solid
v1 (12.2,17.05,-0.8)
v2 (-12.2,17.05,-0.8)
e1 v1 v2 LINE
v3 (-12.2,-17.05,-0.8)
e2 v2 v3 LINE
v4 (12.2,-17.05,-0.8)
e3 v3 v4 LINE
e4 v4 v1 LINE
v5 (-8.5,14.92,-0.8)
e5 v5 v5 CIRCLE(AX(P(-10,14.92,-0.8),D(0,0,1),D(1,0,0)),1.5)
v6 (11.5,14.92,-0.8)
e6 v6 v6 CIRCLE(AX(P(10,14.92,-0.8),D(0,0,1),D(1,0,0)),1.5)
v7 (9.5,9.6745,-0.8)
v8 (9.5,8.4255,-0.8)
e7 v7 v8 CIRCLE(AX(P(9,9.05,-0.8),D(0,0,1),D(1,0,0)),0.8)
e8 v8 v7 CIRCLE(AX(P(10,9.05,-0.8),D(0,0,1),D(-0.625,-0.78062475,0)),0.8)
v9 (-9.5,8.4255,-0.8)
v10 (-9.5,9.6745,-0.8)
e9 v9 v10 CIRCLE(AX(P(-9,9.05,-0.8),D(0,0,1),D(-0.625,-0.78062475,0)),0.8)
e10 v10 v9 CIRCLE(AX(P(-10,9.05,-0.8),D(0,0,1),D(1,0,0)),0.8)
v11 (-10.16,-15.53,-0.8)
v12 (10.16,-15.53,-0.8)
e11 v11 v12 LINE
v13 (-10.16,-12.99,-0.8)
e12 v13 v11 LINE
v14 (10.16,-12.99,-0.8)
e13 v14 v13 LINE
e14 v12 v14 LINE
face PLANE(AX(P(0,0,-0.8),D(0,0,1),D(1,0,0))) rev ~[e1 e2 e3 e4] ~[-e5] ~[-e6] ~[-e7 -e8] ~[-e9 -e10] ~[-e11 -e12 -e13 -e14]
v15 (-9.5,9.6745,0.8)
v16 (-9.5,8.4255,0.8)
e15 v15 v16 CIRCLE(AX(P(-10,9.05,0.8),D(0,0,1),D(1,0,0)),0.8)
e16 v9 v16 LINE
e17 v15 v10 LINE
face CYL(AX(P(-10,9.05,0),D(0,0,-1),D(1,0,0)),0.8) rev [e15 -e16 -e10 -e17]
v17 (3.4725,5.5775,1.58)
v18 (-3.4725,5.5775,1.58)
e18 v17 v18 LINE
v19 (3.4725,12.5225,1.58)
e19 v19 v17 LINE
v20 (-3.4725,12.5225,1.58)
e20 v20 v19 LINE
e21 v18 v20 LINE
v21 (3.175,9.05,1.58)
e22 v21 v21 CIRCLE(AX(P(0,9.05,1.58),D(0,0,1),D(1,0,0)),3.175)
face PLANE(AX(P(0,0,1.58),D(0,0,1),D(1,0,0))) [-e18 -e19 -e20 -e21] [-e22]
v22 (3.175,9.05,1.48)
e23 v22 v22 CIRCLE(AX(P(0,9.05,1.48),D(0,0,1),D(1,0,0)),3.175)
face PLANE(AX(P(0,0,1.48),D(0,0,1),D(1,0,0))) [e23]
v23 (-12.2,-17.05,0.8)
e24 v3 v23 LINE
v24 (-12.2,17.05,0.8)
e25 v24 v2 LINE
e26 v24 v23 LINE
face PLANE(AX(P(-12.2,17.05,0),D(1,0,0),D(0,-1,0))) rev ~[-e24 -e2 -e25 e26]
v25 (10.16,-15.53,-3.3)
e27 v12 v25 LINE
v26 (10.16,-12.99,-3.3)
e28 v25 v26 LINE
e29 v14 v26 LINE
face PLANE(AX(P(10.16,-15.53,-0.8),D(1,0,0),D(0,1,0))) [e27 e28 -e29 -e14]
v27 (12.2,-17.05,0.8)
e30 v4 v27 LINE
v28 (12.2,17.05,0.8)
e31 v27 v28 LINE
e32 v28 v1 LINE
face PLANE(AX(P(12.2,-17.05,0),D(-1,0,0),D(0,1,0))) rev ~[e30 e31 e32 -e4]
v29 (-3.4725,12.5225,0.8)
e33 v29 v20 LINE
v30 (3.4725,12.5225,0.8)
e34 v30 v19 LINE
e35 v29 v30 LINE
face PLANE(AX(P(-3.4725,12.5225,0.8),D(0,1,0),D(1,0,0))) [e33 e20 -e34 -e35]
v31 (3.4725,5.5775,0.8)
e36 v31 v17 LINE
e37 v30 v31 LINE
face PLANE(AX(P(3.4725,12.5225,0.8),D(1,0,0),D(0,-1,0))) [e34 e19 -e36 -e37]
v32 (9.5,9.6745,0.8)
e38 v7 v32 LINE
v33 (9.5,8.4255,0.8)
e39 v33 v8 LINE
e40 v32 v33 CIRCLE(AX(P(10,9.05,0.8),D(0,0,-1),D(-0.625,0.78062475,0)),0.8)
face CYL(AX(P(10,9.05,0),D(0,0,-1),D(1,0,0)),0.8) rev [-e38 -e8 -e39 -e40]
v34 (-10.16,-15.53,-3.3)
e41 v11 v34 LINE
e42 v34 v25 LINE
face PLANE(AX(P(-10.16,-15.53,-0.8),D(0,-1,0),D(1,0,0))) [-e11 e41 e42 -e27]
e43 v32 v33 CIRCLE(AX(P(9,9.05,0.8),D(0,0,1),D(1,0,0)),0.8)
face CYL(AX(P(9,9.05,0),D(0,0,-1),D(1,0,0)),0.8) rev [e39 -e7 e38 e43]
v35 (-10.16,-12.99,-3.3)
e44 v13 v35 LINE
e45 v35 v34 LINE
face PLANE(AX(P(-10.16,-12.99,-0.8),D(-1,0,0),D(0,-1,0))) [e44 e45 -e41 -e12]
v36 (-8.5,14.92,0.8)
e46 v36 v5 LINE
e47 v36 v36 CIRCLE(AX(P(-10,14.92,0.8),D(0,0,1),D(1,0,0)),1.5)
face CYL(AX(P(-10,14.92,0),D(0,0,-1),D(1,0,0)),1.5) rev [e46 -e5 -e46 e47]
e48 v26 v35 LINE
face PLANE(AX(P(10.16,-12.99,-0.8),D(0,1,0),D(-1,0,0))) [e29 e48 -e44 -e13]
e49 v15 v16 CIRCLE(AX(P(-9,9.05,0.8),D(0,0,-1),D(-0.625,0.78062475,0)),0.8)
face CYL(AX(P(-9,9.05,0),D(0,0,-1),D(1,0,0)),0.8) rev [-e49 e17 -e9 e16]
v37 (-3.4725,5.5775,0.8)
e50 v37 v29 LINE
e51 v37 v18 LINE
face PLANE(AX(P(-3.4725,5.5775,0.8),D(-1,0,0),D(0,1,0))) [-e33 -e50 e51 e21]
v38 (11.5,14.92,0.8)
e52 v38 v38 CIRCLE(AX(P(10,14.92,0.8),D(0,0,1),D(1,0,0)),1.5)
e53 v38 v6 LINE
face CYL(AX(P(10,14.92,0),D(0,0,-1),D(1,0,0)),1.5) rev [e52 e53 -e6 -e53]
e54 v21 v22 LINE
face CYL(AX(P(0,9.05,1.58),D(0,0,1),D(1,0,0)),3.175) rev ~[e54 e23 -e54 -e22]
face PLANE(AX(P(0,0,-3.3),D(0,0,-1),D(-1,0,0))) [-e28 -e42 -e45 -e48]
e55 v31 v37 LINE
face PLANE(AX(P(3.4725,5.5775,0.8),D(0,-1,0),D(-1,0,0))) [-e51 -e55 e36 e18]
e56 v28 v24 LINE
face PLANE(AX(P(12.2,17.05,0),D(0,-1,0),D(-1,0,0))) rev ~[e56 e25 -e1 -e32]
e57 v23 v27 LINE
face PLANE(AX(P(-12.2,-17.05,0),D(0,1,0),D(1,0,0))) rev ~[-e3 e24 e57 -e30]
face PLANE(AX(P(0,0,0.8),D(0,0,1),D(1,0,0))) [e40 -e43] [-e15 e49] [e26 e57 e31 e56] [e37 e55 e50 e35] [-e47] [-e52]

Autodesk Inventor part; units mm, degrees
ref_plane "YZ Plane" through (0, 0, 0) normal (1, 0, 0) x (0, 1, 0)
ref_plane "XZ Plane" through (0, 0, 0) normal (0, 1, 0) x (-1, 0, 0)
ref_plane "XY Plane" through (0, 0, 0) normal (0, 0, 1) x (1, 0, 0)
sketch "Sketch1" plane through (0, 0, 0) normal (0, 0, 1) x (1, 0, 0)
  line L0 (-12.2, -17.05) -> (12.2, -17.05)
  line L1 (12.2, -17.05) -> (12.2, 17.05)
  line L2 (12.2, 17.05) -> (-12.2, 17.05)
  line L3 (-12.2, 17.05) -> (-12.2, -17.05)
  line L4 (-12.2, -17.05) -> (12.2, 17.05) construction
  line L5 (12.2, -17.05) -> (-12.2, 17.05) construction
  circle A0 centre (-10, 14.92) radius 1.5
  circle A1 centre (10, 14.92) radius 1.5
  line L6 (-10, 14.92) -> (10, 14.92) construction
  circle A2 centre (-9, 9.05) radius 0.8
  circle A3 centre (-10, 9.05) radius 0.8
  circle A4 centre (9, 9.05) radius 0.8
  circle A5 centre (10, 9.05) radius 0.8
  line L7 (-9, 9.05) -> (9, 9.05) construction
  line L8 (-10, 9.05) -> (10, 9.05) construction
  point P0 (0, 0)
  point P1 (0, 9.05)
  point P2 (0, 14.92)
  point P3 (0, 0)
  point P4 (0, 0)
  dimension "d0" = 24.4
  dimension "d1" = 34.1
  dimension "d2" = 2.13
  dimension "d3" = 3
  dimension "d4" = 10
  dimension "d13" = 20
  dimension "d14" = 18
  dimension "d15" = 1.6
  dimension "d16" = 8
extrude "Extrusion1" add sketch "Sketch1" along normal mid plane 1.6
sketch "Sketch2" plane through (0, 0, -0.8) normal (0, 0, -1) x (-1, 0, 0)
  circle A0 centre (-10, 14.92) radius 1.5 projected
  circle A1 centre (10, 14.92) radius 1.5 projected
  line L0 (-12.2, -17.05) -> (12.2, -17.05) projected
  line L1 (12.2, -17.05) -> (12.2, 17.05) projected
  line L2 (12.2, 17.05) -> (-12.2, 17.05) projected
  line L3 (-12.2, 17.05) -> (-12.2, -17.05) projected
  line L4 (-10.16, -12.99) -> (10.16, -12.99)
  line L5 (10.16, -12.99) -> (10.16, -15.53)
  line L6 (10.16, -15.53) -> (-10.16, -15.53)
  line L7 (-10.16, -15.53) -> (-10.16, -12.99)
  point P0 (0, 0)
  point P1 (0, -12.99)
  point P2 (-10.16, -14.26)
  dimension "d8" = 2.54
  dimension "d9" = 20.32
  dimension "d10" = 2.79
extrude "Extrusion2" add sketch "Sketch2" along normal blind 2.5 contours L4 L5 L6 L7
sketch "Sketch3" plane through (0, 0, 0.8) normal (0, 0, 1) x (1, 0, 0)
  circle A0 centre (10, 14.92) radius 1.5 projected
  circle A1 centre (-10, 14.92) radius 1.5 projected
  arc A2 (-9.5, 8.4255) -> (-9.5, 9.6745) centre (-9, 9.05) ccw projected
  arc A3 (-9.5, 9.6745) -> (-9.5, 8.4255) centre (-10, 9.05) ccw projected
  line L0 (-12.2, -17.05) -> (12.2, -17.05) projected
  line L1 (12.2, -17.05) -> (12.2, 17.05) projected
  line L2 (12.2, 17.05) -> (-12.2, 17.05) projected
  line L3 (-12.2, 17.05) -> (-12.2, -17.05) projected
  arc A4 (9.5, 9.6745) -> (9.5, 8.4255) centre (9, 9.05) ccw projected
  arc A5 (9.5, 8.4255) -> (9.5, 9.6745) centre (10, 9.05) ccw projected
  line L4 (-3.4725, 12.5225) -> (3.4725, 12.5225)
  line L5 (3.4725, 12.5225) -> (3.4725, 5.5775)
  line L6 (3.4725, 5.5775) -> (-3.4725, 5.5775)
  line L7 (-3.4725, 5.5775) -> (-3.4725, 12.5225)
  point P0 (0, 0)
  point P1 (3.4725, 9.05)
  point P2 (0, 12.5225)
  dimension "d17" = 6.945
extrude "Extrusion3" add sketch "Sketch3" along normal blind 0.78 contours L4 L5 L6 L7
sketch "Sketch4" plane through (0, 0, 1.58) normal (0, 0, 1) x (1, 0, 0)
  line L0 (3.4725, 12.5225) -> (-3.4725, 12.5225) projected
  line L1 (-3.4725, 12.5225) -> (-3.4725, 5.5775) projected
  line L2 (-3.4725, 5.5775) -> (3.4725, 5.5775) projected
  line L3 (3.4725, 5.5775) -> (3.4725, 12.5225) projected
  circle A0 centre (0, 9.05) radius 3.175
  point P0 (0, 0)
  point P1 (0, 12.5225)
  point P2 (-3.4725, 9.05)
  dimension "d20" = 6.35
extrude "Extrusion4" cut sketch "Sketch4" against normal blind 0.1 contours A0
equation "\"d9\" = 8 * d8"
properties part number "Module_ArducamMini" material "Epoxy Resin"
